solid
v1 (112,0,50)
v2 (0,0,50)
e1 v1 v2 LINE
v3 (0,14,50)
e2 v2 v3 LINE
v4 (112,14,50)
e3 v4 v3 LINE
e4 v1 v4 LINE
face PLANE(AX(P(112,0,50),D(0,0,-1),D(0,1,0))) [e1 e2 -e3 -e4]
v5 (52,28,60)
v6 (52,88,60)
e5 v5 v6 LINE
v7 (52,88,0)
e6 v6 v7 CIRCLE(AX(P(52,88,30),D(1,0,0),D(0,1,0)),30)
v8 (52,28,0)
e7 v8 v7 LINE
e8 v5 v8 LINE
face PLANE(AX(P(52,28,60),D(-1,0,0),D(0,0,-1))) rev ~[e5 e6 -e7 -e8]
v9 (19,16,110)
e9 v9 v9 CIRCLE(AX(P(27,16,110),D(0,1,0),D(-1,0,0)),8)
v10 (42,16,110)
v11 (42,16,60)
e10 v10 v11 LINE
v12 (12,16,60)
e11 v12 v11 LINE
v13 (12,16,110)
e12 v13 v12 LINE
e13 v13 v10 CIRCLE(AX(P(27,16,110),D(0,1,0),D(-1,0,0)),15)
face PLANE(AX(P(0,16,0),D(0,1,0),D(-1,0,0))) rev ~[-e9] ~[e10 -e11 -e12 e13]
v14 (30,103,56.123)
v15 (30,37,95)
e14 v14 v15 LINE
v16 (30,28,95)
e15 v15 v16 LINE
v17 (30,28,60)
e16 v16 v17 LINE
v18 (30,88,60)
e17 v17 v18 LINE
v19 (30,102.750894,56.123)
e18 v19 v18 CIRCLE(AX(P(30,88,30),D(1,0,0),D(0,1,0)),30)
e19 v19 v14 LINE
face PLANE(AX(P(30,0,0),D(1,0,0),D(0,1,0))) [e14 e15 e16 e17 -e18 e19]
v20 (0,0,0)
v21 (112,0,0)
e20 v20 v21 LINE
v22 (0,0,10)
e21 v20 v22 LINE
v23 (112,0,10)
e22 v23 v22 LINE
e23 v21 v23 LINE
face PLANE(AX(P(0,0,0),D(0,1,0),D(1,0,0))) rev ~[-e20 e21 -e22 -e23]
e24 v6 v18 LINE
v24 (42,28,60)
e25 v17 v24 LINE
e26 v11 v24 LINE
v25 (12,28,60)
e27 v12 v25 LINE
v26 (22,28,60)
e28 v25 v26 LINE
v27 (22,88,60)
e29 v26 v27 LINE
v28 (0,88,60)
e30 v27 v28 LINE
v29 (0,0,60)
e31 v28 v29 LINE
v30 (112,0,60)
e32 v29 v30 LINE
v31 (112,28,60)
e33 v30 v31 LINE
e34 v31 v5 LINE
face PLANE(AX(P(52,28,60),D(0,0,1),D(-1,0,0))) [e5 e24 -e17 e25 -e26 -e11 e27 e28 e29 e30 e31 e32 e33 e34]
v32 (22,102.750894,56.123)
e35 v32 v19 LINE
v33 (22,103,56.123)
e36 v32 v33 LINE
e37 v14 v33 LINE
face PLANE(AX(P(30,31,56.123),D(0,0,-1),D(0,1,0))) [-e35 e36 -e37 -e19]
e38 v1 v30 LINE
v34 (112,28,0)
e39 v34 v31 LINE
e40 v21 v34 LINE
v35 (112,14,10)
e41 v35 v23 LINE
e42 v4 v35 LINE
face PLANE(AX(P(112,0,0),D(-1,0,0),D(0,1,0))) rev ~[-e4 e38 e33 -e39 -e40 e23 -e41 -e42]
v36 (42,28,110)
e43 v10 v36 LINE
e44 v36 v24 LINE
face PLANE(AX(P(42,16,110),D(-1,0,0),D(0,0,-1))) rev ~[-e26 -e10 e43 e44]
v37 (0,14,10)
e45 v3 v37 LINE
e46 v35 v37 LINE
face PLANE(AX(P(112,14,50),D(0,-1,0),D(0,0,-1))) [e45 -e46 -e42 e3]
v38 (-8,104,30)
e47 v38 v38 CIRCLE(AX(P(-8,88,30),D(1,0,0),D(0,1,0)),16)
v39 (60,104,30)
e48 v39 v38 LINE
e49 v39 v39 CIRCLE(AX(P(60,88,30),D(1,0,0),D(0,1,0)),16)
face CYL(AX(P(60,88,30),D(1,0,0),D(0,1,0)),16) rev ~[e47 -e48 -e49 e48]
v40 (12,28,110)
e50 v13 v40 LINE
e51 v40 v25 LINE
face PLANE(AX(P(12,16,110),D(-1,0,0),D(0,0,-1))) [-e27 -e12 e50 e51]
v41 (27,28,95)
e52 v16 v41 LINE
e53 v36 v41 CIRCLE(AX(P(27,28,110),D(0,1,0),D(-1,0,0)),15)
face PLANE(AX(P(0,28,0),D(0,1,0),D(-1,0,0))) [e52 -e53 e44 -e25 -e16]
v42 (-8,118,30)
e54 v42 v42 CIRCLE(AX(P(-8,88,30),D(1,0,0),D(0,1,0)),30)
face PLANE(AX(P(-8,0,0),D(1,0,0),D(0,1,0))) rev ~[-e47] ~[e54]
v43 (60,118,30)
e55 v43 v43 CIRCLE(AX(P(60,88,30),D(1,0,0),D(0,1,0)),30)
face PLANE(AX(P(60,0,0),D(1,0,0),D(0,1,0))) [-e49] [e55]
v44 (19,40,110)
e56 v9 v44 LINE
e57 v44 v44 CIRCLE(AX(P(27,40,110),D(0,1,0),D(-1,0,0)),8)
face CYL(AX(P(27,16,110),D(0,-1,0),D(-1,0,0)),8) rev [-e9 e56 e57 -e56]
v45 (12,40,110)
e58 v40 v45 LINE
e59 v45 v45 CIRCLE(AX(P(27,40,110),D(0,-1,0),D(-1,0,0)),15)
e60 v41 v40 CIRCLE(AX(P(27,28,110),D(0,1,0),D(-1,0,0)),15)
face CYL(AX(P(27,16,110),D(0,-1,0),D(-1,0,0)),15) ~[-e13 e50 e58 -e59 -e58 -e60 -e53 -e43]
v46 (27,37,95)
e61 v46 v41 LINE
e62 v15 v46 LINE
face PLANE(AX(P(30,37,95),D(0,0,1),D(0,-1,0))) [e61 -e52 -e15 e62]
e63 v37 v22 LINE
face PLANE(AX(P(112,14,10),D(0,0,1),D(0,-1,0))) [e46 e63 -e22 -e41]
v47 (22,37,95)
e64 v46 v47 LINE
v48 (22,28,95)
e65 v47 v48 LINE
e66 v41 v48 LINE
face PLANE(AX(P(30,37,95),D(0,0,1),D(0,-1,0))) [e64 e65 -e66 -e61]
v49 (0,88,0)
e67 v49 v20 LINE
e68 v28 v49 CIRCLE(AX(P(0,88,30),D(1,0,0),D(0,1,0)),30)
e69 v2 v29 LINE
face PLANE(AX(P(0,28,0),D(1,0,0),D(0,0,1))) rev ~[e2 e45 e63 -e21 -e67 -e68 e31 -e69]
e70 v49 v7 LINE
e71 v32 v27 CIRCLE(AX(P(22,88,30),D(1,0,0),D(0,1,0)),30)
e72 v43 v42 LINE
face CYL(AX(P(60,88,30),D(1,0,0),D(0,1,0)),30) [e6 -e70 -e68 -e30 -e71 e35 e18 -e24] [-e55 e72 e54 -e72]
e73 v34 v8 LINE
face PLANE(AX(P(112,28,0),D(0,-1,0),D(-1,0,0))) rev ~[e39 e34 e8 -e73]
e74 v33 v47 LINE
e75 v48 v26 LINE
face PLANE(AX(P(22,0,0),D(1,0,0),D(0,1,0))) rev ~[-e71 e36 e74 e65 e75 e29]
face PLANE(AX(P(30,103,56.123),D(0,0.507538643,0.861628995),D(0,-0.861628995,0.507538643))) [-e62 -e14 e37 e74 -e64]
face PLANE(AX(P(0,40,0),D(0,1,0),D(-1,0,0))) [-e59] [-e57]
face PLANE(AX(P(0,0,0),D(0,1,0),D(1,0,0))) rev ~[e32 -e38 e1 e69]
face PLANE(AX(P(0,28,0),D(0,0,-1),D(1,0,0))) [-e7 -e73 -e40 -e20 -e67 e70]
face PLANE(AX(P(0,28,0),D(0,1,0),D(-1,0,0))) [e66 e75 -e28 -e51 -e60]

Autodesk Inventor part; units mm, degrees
sketch "Skizze1" plane through (0, 0, 0) normal (0, 0, 1) x (1, 0, 0)
  line L0 (0, 0) -> (112, 0)
  line L1 (112, 0) -> (112, 28)
  line L2 (112, 28) -> (0, 28)
  line L3 (0, 28) -> (0, 0)
  dimension "d0" = 28
  dimension "d1" = 112
extrude "Extrusion1" add sketch "Skizze1" along normal blind 60
sketch "Skizze2" plane through (112, 0, 0) normal (1, 0, 0) x (0, 0, -1)
  line L0 (0, 0) -> (-60, 0) projected
  line L1 (-50, 0) -> (-50, 14)
  line L2 (-50, 14) -> (-10, 14)
  line L3 (-10, 14) -> (-10, 0)
  line L4 (-60, 0) -> (-60, 28) projected
  line L5 (0, 28) -> (-60, 28) projected
  point P0 (-10, 7)
  point P1 (-50, 7)
  point P2 (-30, 14)
  dimension "d4" = 40
  dimension "d5" = 10
  dimension "d6" = 14
extrude "Extrusion2" cut sketch "Skizze2" against normal up to surface (112 mm away)
sketch "Skizze3" plane through (0, 28, 0) normal (0, 1, 0) x (1, 0, 0)
  line L0 (112, -60) -> (0, -60) projected
  line L1 (0, 0) -> (112, 0) projected
  line L2 (0, -60) -> (52, -60)
  line L3 (52, -60) -> (52, 0)
  line L4 (52, 0) -> (0, 0)
  line L5 (0, 0) -> (0, -60)
  line L6 (112, 0) -> (112, -60) projected
  point P0 (52, -30)
  dimension "d9" = 60
extrude "Extrusion3" add sketch "Skizze3" along normal blind 60 contours L0 L5 L1 L3
ref_plane "Arbeitsebene1" through (60, 0, 0) normal (1, 0, 0) x (0, 1, 0)
sketch "Skizze7" plane through (60, 0, 0) normal (1, 0, 0) x (0, 1, 0)
  circle A0 centre (88, 30) radius 30
  circle A1 centre (88, 30) radius 16
  line L0 (28, 0) -> (28, 60) projected
  point P0 (0, 0)
  point P1 (28, 30)
  point P2 (28, 30)
  dimension "d25" = 60
  dimension "d26" = 32
  dimension "d27" = 60
extrude "Extrusion6" add sketch "Skizze7" against normal blind 68
extrude "Extrusion7" cut sketch "Skizze7" against normal blind 68 contours A1
ref_plane "Arbeitsebene2" through (0, 16, 0) normal (0, 1, 0) x (-1, 0, 0)
sketch "Skizze11" plane through (0, 16, 0) normal (0, 1, 0) x (-1, 0, 0)
  circle A0 centre (-27, 110) radius 15
  circle A1 centre (-27, 110) radius 8
  line L0 (-12, 110) -> (-12, 59.6136)
  line L1 (-42, 110) -> (-42, 59.6136)
  line L2 (-52, 60) -> (-52, 14) projected
  line L3 (0, 60) -> (-52, 60) projected
  point P0 (0, 0)
  point P1 (-52, 54)
  point P2 (-42, 60)
  point P3 (-12, 60)
  dimension "d42" = 30
  dimension "d43" = 16
  dimension "d44" = 10
  dimension "d45" = 50
extrude "Extrusion10" add sketch "Skizze11" along normal blind 24 contours A0
extrude "Extrusion11" add sketch "Skizze11" along normal blind 12 contours L0 L3 L1 A0
ref_plane "Arbeitsebene3" through (30, 0, 0) normal (1, 0, 0) x (0, 1, 0)
sketch "Skizze13" plane through (30, 0, 0) normal (1, 0, 0) x (0, 1, 0)
  line L0 (28, 95) -> (28, 110) projected
  line L1 (31, 56.123) -> (103, 56.123)
  line L2 (103, 56.123) -> (37, 95)
  line L3 (37, 95) -> (28, 95)
  line L4 (28, 95) -> (28, 56.123)
  line L5 (31, 56.123) -> (28, 56.123)
  line L6 (16, 110) -> (28, 110) projected
  line L7 (16, 110) -> (16, 110) projected
  line L8 (16, 110) -> (28, 110) projected
  line L9 (28, 110) -> (28, 110) projected
  line L10 (40, 95) -> (40, 125) projected
  line L11 (28, 95) -> (40, 95) projected
  point P0 (0, 0)
  point P1 (34, 95)
  dimension "d55" = 30.5
  dimension "d56" = 66
  dimension "d57" = 72
  dimension "d58" = 3
extrude "Extrusion12" add sketch "Skizze13" against normal blind 8
properties part number "Gary" material "Stahl, galvanisiert"
